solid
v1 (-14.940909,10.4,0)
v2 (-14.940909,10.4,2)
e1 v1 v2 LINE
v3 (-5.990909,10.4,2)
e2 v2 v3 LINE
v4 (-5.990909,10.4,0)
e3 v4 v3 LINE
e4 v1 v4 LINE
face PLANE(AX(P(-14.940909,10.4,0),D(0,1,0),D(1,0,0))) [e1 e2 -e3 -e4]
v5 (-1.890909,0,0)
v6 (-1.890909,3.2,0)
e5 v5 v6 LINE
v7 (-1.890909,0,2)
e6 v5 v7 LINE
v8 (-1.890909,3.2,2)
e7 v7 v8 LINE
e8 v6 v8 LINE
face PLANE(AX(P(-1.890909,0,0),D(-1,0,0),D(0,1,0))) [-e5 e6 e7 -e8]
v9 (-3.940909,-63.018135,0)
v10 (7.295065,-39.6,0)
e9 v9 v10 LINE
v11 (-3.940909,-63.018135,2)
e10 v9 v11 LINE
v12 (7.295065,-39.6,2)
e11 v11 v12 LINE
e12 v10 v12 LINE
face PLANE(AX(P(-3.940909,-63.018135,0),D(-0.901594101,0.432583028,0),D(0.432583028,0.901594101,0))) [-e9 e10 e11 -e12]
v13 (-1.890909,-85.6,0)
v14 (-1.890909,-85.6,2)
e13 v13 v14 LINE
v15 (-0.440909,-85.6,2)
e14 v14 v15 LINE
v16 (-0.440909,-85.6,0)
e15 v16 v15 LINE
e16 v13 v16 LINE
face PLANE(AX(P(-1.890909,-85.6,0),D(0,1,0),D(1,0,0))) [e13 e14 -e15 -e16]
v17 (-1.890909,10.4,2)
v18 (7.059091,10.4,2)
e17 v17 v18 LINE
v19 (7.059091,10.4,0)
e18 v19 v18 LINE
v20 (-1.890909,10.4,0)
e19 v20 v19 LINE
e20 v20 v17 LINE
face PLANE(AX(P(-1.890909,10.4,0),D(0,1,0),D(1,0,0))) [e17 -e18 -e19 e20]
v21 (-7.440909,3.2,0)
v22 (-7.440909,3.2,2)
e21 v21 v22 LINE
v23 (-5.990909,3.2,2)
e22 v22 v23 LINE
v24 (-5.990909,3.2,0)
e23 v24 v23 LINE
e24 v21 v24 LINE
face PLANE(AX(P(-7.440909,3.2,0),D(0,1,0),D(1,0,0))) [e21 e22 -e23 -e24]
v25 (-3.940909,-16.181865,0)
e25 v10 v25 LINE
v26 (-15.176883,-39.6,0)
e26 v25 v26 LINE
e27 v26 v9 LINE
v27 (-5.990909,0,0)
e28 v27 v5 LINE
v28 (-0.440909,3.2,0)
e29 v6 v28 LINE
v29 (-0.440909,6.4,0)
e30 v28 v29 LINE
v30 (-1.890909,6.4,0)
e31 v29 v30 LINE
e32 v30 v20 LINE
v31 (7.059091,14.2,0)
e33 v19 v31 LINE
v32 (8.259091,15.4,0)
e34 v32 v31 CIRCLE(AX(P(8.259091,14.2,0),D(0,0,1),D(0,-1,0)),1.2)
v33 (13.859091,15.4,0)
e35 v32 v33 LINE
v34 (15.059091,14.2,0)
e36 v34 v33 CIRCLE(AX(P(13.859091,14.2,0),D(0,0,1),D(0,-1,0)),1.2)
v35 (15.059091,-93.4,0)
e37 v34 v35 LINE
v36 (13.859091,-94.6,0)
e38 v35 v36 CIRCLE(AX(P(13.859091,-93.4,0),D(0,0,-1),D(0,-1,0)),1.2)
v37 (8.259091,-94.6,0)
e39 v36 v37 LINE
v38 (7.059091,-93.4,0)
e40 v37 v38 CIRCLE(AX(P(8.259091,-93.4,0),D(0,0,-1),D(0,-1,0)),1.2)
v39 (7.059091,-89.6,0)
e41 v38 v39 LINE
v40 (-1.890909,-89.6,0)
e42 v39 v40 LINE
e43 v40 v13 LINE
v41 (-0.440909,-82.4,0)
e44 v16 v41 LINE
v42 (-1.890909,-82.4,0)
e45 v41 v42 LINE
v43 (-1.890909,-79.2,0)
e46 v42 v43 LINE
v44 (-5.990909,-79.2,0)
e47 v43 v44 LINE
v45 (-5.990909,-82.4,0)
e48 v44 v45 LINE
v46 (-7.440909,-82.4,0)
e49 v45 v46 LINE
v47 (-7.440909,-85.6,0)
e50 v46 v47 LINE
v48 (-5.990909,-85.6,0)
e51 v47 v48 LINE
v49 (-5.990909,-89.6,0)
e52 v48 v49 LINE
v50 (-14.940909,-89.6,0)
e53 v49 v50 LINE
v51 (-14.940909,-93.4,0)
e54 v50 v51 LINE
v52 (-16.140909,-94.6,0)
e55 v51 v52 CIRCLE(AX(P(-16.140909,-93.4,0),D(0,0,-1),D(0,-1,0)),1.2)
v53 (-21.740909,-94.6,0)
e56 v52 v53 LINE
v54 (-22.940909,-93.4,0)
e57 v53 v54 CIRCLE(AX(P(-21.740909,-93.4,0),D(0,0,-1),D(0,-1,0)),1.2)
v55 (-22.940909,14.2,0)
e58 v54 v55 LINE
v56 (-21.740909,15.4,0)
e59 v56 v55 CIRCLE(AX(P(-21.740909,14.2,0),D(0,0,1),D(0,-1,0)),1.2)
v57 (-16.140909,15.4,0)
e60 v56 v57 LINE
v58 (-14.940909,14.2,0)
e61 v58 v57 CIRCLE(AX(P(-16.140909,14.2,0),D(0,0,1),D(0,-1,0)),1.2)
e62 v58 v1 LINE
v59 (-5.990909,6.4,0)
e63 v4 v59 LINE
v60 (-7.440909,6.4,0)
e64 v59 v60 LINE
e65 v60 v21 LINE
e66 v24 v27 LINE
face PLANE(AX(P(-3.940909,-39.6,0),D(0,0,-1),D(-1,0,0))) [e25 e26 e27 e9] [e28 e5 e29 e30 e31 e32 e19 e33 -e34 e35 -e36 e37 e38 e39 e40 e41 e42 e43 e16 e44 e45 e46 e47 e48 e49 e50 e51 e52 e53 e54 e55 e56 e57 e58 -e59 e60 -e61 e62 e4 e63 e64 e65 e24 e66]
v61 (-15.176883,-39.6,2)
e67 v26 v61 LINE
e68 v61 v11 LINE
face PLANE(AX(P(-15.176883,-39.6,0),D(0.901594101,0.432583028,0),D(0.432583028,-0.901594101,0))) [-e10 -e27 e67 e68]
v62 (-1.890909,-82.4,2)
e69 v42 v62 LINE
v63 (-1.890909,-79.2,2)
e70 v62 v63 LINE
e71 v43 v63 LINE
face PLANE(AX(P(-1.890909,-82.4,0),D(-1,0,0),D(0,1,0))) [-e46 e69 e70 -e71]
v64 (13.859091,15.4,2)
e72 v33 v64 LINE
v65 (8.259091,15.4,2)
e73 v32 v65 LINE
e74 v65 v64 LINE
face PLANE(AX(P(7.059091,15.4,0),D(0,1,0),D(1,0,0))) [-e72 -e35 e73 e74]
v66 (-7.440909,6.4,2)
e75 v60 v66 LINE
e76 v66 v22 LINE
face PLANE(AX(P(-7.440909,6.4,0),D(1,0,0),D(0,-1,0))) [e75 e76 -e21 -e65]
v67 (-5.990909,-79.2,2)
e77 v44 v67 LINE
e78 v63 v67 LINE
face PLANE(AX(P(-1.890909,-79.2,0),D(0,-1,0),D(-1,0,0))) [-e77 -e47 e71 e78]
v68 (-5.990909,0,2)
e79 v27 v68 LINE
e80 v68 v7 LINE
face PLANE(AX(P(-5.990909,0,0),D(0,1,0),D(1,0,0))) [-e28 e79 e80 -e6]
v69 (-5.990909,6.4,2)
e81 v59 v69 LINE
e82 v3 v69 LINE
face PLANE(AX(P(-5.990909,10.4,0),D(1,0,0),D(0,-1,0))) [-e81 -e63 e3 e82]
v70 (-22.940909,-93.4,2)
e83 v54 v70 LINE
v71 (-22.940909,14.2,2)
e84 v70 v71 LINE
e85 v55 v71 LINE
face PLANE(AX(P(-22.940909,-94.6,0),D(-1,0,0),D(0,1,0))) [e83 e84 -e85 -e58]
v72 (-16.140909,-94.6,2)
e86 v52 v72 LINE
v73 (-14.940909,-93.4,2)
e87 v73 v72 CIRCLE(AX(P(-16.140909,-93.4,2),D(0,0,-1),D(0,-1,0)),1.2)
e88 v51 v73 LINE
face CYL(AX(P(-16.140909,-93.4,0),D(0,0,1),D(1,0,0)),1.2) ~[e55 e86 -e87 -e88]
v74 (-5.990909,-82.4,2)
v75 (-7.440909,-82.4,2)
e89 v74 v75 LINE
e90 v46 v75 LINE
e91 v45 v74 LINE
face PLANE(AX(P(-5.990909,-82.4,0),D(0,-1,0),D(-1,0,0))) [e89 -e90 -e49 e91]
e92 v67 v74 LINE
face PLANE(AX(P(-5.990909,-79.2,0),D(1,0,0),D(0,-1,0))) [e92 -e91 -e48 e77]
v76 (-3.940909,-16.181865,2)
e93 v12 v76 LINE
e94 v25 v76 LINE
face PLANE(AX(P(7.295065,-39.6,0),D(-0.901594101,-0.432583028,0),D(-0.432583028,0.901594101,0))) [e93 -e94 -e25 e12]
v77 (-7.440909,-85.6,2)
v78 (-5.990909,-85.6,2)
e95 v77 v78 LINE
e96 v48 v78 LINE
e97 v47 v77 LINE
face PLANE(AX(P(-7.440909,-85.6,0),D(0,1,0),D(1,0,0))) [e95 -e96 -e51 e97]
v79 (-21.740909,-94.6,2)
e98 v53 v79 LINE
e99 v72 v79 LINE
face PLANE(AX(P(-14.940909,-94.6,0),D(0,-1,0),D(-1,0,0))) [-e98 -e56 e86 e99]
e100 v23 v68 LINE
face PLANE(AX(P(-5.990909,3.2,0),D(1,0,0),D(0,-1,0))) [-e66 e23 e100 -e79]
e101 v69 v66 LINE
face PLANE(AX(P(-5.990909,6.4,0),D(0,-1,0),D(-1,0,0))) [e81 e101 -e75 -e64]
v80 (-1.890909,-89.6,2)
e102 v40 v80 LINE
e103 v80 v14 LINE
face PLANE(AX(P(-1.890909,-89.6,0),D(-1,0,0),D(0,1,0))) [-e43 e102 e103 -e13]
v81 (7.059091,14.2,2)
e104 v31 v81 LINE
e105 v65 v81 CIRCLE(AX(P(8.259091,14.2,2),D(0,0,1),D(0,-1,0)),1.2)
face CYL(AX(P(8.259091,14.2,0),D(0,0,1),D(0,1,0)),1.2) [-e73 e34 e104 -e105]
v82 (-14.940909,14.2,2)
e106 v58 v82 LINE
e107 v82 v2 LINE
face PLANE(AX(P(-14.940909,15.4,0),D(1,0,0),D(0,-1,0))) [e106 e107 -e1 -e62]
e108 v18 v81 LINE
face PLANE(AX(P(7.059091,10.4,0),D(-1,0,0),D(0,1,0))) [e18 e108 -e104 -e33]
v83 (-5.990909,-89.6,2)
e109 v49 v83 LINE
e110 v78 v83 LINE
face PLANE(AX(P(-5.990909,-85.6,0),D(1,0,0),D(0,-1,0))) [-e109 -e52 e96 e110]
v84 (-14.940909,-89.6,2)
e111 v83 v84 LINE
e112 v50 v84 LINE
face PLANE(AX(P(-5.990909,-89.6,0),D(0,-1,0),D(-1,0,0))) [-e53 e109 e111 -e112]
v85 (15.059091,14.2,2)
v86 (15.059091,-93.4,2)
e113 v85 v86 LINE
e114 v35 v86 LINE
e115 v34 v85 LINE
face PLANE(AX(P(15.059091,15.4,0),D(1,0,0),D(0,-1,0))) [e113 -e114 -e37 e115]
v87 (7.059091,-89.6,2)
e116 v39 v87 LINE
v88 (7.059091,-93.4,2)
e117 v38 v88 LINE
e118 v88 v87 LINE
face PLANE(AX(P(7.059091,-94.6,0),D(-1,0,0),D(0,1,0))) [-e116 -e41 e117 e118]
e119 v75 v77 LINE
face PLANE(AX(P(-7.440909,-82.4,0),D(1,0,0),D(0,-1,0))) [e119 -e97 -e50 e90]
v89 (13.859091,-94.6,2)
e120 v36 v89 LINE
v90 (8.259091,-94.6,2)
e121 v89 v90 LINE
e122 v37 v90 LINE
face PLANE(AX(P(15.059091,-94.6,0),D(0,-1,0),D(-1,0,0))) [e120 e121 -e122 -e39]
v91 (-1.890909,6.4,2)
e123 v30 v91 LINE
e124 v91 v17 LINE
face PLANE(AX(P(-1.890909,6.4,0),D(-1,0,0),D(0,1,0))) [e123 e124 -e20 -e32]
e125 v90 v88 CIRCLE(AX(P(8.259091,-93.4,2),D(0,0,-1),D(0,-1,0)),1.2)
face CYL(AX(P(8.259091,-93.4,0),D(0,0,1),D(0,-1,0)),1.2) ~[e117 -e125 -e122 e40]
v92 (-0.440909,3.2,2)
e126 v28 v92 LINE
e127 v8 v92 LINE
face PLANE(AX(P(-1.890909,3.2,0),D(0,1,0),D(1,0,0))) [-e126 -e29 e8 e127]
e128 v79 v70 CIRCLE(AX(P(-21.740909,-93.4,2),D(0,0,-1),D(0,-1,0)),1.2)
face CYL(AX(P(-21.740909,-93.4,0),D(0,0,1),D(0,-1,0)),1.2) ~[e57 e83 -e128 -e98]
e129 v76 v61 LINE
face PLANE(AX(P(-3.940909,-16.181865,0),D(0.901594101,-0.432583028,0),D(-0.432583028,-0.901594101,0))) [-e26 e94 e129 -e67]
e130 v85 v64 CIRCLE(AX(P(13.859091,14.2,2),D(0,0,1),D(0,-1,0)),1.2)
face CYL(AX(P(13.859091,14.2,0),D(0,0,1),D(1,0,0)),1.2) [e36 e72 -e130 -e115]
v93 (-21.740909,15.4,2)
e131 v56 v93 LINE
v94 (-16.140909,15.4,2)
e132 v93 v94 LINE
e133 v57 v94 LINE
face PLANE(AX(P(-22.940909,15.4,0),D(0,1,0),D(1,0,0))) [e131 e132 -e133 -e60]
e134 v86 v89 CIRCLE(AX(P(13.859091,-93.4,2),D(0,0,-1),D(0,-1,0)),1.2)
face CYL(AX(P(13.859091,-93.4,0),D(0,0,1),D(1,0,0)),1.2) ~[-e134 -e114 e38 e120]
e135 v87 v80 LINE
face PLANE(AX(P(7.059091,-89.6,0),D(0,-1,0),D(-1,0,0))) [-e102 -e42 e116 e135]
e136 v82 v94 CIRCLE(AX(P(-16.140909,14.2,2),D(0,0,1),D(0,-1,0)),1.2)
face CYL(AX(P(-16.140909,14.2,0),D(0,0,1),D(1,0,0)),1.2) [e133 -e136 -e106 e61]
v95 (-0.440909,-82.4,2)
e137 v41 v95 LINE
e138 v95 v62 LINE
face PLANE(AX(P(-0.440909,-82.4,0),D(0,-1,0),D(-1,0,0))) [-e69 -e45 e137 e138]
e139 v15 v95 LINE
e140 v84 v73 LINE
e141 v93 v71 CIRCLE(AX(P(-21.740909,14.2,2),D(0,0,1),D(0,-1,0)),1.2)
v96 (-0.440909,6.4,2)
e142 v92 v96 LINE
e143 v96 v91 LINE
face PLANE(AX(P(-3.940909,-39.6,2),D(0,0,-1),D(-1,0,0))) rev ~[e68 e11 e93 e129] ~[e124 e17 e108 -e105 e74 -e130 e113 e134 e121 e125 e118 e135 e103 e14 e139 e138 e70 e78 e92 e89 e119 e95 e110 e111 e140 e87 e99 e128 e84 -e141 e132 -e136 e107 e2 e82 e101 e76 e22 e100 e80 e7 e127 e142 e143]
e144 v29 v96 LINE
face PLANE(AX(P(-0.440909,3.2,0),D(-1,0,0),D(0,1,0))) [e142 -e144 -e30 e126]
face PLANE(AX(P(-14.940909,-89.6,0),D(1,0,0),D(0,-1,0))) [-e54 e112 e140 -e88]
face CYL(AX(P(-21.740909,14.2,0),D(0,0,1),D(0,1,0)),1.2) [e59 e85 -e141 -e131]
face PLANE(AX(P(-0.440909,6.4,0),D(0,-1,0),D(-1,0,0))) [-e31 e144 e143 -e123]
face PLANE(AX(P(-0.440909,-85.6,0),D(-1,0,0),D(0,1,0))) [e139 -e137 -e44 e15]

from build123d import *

# Parameters (mm, degrees)
EXTRUDE_1_DEPTH = 2
FILLET_1_R      = 1.2


with BuildPart() as part:
    # 草图1 → 凸台-拉伸1 (new body)
    with BuildSketch(Plane.XY):
        Polygon((15.059090909, 15.4), (15.059090909, -94.6), (7.059090909, -94.6), (7.059090909, -89.6), (-1.890909091, -89.6), (-1.890909091, -85.6), (-0.440909091, -85.6), (-0.440909091, -82.4), (-1.890909091, -82.4), (-1.890909091, -79.2), (-5.990909091, -79.2), (-5.990909091, -82.4), (-7.440909091, -82.4), (-7.440909091, -85.6), (-5.990909091, -85.6), (-5.990909091, -89.6), (-14.940909091, -89.6), (-14.940909091, -94.6), (-22.940909091, -94.6), (-22.940909091, 15.4), (-14.940909091, 15.4), (-14.940909091, 10.4), (-5.990909091, 10.4), (-5.990909091, 6.4), (-7.440909091, 6.4), (-7.440909091, 3.2), (-5.990909091, 3.2), (-5.990909091, 0), (-1.890909091, 0), (-1.890909091, 3.2), (-0.440909091, 3.2), (-0.440909091, 6.4), (-1.890909091, 6.4), (-1.890909091, 10.4), (7.059090909, 10.4), (7.059090909, 15.4), align=None)
        Polygon((-3.940909091, -16.181864614), (-15.17688314, -39.6), (-3.940909091, -63.018135386), (7.295064958, -39.6), align=None, mode=Mode.SUBTRACT)
    extrude(amount=EXTRUDE_1_DEPTH)

    # 圆角1
    fillet_1_edges = [part.edges().sort_by_distance(p)[0] for p in [
        (7.059090909, 15.4, 1),
        (15.059090909, 15.4, 1),
        (15.059090909, -94.6, 1),
        (7.059090909, -94.6, 1),
        (-14.940909091, -94.6, 1),
        (-22.940909091, -94.6, 1),
        (-22.940909091, 15.4, 1),
        (-14.940909091, 15.4, 1),
    ]]
    fillet(fillet_1_edges, radius=FILLET_1_R)


solid = part.part
